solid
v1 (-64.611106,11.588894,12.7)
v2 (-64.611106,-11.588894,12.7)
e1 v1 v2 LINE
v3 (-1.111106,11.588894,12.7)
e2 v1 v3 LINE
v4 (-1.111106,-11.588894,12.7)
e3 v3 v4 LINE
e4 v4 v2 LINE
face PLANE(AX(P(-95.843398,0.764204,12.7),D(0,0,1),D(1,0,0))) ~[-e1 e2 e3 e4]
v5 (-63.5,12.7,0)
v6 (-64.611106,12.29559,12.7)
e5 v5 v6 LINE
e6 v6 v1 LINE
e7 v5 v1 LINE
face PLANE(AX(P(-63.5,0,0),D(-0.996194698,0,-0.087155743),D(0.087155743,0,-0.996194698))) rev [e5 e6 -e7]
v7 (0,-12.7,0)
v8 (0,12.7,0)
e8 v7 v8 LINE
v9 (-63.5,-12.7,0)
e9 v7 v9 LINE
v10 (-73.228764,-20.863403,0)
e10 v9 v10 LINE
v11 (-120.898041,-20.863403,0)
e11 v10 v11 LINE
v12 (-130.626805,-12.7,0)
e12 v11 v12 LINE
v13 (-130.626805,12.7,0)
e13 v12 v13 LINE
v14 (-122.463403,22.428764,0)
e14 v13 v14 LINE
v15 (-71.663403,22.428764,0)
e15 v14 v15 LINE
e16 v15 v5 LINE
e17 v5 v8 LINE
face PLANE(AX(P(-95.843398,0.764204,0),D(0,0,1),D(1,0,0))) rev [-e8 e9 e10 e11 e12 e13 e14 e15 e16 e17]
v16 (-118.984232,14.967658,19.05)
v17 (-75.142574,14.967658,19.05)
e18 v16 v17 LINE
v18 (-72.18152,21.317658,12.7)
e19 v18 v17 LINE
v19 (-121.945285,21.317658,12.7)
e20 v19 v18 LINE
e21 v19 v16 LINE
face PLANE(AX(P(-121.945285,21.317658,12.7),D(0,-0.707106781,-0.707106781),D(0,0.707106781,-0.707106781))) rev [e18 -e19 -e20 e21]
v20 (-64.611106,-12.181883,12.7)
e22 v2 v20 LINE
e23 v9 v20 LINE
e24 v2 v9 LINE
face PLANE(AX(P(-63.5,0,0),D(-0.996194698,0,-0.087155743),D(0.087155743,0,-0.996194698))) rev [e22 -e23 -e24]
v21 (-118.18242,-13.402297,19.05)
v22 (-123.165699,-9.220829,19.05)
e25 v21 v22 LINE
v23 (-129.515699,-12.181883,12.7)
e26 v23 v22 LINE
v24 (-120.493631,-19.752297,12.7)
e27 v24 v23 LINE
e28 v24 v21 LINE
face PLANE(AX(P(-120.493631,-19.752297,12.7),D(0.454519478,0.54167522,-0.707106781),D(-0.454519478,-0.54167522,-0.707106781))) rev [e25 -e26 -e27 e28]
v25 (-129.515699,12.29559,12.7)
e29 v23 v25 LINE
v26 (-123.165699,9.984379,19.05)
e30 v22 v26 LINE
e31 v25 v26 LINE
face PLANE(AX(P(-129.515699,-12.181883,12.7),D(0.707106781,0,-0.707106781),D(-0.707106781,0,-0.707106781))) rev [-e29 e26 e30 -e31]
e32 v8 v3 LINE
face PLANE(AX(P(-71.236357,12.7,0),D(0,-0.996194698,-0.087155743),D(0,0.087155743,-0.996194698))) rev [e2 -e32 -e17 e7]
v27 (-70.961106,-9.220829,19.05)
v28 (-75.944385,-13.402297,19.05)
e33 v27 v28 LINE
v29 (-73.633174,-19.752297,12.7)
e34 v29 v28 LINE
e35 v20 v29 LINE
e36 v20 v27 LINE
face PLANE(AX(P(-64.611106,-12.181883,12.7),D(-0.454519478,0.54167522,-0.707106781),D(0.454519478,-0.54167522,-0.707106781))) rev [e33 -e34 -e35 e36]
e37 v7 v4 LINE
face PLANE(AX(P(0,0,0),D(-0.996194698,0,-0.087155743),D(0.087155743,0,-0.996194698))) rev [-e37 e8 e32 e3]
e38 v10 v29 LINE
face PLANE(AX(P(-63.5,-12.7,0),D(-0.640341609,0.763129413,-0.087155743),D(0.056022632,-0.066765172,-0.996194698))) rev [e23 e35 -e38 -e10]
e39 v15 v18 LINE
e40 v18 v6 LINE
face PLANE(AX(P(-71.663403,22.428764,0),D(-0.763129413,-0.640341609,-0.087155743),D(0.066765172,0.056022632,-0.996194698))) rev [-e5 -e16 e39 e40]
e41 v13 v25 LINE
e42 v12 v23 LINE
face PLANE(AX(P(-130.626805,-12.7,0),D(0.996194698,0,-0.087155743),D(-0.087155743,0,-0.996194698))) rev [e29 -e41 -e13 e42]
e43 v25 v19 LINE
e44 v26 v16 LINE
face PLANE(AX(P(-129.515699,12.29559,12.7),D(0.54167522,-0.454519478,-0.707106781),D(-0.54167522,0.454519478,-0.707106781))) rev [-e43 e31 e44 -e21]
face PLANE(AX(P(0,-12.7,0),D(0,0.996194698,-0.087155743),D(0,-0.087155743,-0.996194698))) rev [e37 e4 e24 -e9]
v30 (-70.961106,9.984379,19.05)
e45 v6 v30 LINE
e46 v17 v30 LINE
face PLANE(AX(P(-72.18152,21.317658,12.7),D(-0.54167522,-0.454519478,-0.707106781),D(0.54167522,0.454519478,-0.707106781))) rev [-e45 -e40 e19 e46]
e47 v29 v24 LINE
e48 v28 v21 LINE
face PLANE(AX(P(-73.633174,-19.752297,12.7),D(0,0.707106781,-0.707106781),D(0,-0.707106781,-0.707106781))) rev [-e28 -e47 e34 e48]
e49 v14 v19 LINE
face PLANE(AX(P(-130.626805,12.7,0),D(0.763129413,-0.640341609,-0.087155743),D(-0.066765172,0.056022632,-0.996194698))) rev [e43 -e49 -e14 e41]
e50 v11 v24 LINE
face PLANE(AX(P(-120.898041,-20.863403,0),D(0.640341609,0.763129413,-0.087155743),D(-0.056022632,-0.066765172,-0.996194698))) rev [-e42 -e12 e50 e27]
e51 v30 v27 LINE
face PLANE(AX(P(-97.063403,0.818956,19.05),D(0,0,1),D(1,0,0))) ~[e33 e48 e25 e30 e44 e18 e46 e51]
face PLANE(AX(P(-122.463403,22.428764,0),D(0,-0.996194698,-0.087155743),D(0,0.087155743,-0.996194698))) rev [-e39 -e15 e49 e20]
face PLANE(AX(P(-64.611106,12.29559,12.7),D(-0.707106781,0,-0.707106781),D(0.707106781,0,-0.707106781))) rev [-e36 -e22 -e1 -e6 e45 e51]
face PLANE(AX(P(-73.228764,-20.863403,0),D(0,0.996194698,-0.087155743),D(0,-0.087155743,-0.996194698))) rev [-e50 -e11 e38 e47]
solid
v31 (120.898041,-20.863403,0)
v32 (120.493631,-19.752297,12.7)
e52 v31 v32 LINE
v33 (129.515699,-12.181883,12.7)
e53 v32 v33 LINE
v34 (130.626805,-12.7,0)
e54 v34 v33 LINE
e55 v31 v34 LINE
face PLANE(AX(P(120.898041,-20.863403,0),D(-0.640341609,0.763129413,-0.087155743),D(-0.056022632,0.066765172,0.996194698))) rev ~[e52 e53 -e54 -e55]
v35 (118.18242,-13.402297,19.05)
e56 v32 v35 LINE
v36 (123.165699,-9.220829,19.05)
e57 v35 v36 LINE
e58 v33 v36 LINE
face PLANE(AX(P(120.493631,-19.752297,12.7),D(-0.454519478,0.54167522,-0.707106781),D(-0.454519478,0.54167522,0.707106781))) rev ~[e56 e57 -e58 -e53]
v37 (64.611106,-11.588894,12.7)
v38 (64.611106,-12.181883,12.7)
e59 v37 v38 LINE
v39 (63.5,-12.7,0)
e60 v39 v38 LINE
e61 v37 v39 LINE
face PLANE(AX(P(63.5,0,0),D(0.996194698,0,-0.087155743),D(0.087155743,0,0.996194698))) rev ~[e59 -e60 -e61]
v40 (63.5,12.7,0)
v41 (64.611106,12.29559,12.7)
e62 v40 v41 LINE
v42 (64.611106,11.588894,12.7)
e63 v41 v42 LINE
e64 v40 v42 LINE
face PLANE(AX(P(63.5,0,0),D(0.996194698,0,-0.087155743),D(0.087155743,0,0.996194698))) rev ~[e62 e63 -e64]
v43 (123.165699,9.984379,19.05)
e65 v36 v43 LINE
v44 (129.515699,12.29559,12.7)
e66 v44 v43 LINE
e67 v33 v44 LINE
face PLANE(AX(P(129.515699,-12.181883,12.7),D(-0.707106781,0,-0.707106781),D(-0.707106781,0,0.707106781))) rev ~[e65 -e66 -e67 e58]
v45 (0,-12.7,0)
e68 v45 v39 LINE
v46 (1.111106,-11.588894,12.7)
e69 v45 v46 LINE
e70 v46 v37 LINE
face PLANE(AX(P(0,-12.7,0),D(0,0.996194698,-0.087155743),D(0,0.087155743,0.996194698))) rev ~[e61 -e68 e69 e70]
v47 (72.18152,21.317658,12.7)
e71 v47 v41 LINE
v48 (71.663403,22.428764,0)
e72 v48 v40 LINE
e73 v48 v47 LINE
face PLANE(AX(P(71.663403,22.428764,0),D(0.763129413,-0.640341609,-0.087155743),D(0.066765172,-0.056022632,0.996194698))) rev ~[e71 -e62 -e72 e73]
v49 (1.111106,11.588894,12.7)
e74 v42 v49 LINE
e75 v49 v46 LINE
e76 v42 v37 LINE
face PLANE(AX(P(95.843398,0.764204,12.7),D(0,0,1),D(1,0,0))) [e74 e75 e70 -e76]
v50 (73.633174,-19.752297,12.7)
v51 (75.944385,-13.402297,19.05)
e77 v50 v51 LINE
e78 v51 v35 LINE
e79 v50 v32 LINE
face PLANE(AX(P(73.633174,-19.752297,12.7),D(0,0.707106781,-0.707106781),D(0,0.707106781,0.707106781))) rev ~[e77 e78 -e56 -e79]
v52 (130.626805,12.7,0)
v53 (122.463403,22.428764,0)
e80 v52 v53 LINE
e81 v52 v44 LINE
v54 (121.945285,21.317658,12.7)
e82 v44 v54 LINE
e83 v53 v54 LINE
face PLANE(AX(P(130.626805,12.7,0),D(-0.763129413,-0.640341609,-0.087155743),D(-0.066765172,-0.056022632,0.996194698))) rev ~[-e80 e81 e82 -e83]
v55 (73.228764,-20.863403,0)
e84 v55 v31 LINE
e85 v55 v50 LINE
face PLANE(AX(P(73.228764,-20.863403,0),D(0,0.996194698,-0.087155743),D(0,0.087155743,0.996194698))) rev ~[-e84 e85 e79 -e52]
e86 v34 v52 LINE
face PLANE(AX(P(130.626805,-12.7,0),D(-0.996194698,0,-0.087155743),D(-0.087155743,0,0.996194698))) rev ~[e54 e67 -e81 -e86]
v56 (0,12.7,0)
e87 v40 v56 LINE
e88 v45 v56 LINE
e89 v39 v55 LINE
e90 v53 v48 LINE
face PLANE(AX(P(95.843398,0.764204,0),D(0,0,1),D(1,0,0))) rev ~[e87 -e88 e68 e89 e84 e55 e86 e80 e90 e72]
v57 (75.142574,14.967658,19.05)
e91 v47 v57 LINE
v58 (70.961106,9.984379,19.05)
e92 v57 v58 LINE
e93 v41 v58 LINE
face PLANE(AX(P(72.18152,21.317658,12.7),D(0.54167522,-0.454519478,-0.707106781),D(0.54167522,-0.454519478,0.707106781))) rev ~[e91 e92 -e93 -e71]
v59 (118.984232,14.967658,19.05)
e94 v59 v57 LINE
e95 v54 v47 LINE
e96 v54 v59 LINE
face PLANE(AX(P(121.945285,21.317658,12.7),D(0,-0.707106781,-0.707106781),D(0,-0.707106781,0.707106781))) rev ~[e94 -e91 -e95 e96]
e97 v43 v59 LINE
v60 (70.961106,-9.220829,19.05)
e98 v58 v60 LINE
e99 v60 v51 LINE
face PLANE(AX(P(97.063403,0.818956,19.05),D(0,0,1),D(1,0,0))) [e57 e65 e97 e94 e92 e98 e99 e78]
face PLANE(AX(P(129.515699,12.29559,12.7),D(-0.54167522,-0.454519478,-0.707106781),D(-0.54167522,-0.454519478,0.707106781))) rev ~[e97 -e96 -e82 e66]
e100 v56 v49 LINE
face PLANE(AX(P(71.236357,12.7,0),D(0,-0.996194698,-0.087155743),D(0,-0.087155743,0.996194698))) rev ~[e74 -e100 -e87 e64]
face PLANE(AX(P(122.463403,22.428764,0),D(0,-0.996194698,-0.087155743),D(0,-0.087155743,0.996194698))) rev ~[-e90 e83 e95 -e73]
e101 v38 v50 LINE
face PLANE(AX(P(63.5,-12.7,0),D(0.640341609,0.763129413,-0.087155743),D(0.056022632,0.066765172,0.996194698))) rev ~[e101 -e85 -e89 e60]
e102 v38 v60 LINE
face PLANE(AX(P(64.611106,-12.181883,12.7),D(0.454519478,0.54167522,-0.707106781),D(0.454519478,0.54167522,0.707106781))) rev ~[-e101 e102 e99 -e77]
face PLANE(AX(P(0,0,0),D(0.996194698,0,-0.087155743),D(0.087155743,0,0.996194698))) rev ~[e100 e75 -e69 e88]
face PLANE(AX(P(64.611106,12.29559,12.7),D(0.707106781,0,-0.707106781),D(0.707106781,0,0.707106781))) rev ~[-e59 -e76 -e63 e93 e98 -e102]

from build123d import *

# Parameters (mm, degrees)
F0_W     = 63.5
F0_H     = 25.4
F0_W_2   = 7.7363570929
F1_DEPTH = 12.7
F1_TAPER = 5
F2_DEPTH = 12.7
F2_TAPER = 5
F4_DEPTH = 6.35
F4_TAPER = 45


with BuildPart() as f1:
    # F0 (on Top) → F1 (new body)
    with BuildSketch(Plane.XY):
        with Locations((31.75, 0)):
            Rectangle(F0_W, F0_H)
        with Locations((67.3681785464, 0)):
            Rectangle(F0_W_2, F0_H)
    extrude(amount=F1_DEPTH, taper=F1_TAPER)

    # F0 (on Top) → F2 (join)
    with BuildSketch(Plane.XY):
        Polygon((71.663402643, 22.4287644276), (63.5, 12.7), (71.2363570929, 12.7), (71.2363570929, -12.7), (63.5, -12.7), (73.2287644276, -20.863402643), (120.8980408584, -20.863402643), (130.626805286, -12.7), (130.626805286, 12.7), (122.463402643, 22.4287644276), align=None)
        with Locations((67.3681785464, 0)):
            Rectangle(F0_W_2, F0_H)
    extrude(amount=F2_DEPTH, taper=F2_TAPER)

    # F3 (on face) → F4 (join)
    with BuildSketch(Plane.XY.offset(12.7)):
        Polygon((64.6111060268, 12.2955904791), (64.6111060268, 11.5888939732), (64.6111060268, -11.5888939732), (64.6111060268, -12.1818827507), (73.6331739485, -19.7522966162), (120.4936313376, -19.7522966162), (129.5156992593, -12.1818827507), (129.5156992593, 12.2955904791), (121.9452853937, 21.3176584008), (72.1815198923, 21.3176584008), align=None)
    extrude(amount=F4_DEPTH, taper=F4_TAPER)


with BuildPart() as f5_1:
    # F5: instance of F1
    add(f1.part.mirror(Plane.YZ))


solid = Compound([f1.part, f5_1.part])
